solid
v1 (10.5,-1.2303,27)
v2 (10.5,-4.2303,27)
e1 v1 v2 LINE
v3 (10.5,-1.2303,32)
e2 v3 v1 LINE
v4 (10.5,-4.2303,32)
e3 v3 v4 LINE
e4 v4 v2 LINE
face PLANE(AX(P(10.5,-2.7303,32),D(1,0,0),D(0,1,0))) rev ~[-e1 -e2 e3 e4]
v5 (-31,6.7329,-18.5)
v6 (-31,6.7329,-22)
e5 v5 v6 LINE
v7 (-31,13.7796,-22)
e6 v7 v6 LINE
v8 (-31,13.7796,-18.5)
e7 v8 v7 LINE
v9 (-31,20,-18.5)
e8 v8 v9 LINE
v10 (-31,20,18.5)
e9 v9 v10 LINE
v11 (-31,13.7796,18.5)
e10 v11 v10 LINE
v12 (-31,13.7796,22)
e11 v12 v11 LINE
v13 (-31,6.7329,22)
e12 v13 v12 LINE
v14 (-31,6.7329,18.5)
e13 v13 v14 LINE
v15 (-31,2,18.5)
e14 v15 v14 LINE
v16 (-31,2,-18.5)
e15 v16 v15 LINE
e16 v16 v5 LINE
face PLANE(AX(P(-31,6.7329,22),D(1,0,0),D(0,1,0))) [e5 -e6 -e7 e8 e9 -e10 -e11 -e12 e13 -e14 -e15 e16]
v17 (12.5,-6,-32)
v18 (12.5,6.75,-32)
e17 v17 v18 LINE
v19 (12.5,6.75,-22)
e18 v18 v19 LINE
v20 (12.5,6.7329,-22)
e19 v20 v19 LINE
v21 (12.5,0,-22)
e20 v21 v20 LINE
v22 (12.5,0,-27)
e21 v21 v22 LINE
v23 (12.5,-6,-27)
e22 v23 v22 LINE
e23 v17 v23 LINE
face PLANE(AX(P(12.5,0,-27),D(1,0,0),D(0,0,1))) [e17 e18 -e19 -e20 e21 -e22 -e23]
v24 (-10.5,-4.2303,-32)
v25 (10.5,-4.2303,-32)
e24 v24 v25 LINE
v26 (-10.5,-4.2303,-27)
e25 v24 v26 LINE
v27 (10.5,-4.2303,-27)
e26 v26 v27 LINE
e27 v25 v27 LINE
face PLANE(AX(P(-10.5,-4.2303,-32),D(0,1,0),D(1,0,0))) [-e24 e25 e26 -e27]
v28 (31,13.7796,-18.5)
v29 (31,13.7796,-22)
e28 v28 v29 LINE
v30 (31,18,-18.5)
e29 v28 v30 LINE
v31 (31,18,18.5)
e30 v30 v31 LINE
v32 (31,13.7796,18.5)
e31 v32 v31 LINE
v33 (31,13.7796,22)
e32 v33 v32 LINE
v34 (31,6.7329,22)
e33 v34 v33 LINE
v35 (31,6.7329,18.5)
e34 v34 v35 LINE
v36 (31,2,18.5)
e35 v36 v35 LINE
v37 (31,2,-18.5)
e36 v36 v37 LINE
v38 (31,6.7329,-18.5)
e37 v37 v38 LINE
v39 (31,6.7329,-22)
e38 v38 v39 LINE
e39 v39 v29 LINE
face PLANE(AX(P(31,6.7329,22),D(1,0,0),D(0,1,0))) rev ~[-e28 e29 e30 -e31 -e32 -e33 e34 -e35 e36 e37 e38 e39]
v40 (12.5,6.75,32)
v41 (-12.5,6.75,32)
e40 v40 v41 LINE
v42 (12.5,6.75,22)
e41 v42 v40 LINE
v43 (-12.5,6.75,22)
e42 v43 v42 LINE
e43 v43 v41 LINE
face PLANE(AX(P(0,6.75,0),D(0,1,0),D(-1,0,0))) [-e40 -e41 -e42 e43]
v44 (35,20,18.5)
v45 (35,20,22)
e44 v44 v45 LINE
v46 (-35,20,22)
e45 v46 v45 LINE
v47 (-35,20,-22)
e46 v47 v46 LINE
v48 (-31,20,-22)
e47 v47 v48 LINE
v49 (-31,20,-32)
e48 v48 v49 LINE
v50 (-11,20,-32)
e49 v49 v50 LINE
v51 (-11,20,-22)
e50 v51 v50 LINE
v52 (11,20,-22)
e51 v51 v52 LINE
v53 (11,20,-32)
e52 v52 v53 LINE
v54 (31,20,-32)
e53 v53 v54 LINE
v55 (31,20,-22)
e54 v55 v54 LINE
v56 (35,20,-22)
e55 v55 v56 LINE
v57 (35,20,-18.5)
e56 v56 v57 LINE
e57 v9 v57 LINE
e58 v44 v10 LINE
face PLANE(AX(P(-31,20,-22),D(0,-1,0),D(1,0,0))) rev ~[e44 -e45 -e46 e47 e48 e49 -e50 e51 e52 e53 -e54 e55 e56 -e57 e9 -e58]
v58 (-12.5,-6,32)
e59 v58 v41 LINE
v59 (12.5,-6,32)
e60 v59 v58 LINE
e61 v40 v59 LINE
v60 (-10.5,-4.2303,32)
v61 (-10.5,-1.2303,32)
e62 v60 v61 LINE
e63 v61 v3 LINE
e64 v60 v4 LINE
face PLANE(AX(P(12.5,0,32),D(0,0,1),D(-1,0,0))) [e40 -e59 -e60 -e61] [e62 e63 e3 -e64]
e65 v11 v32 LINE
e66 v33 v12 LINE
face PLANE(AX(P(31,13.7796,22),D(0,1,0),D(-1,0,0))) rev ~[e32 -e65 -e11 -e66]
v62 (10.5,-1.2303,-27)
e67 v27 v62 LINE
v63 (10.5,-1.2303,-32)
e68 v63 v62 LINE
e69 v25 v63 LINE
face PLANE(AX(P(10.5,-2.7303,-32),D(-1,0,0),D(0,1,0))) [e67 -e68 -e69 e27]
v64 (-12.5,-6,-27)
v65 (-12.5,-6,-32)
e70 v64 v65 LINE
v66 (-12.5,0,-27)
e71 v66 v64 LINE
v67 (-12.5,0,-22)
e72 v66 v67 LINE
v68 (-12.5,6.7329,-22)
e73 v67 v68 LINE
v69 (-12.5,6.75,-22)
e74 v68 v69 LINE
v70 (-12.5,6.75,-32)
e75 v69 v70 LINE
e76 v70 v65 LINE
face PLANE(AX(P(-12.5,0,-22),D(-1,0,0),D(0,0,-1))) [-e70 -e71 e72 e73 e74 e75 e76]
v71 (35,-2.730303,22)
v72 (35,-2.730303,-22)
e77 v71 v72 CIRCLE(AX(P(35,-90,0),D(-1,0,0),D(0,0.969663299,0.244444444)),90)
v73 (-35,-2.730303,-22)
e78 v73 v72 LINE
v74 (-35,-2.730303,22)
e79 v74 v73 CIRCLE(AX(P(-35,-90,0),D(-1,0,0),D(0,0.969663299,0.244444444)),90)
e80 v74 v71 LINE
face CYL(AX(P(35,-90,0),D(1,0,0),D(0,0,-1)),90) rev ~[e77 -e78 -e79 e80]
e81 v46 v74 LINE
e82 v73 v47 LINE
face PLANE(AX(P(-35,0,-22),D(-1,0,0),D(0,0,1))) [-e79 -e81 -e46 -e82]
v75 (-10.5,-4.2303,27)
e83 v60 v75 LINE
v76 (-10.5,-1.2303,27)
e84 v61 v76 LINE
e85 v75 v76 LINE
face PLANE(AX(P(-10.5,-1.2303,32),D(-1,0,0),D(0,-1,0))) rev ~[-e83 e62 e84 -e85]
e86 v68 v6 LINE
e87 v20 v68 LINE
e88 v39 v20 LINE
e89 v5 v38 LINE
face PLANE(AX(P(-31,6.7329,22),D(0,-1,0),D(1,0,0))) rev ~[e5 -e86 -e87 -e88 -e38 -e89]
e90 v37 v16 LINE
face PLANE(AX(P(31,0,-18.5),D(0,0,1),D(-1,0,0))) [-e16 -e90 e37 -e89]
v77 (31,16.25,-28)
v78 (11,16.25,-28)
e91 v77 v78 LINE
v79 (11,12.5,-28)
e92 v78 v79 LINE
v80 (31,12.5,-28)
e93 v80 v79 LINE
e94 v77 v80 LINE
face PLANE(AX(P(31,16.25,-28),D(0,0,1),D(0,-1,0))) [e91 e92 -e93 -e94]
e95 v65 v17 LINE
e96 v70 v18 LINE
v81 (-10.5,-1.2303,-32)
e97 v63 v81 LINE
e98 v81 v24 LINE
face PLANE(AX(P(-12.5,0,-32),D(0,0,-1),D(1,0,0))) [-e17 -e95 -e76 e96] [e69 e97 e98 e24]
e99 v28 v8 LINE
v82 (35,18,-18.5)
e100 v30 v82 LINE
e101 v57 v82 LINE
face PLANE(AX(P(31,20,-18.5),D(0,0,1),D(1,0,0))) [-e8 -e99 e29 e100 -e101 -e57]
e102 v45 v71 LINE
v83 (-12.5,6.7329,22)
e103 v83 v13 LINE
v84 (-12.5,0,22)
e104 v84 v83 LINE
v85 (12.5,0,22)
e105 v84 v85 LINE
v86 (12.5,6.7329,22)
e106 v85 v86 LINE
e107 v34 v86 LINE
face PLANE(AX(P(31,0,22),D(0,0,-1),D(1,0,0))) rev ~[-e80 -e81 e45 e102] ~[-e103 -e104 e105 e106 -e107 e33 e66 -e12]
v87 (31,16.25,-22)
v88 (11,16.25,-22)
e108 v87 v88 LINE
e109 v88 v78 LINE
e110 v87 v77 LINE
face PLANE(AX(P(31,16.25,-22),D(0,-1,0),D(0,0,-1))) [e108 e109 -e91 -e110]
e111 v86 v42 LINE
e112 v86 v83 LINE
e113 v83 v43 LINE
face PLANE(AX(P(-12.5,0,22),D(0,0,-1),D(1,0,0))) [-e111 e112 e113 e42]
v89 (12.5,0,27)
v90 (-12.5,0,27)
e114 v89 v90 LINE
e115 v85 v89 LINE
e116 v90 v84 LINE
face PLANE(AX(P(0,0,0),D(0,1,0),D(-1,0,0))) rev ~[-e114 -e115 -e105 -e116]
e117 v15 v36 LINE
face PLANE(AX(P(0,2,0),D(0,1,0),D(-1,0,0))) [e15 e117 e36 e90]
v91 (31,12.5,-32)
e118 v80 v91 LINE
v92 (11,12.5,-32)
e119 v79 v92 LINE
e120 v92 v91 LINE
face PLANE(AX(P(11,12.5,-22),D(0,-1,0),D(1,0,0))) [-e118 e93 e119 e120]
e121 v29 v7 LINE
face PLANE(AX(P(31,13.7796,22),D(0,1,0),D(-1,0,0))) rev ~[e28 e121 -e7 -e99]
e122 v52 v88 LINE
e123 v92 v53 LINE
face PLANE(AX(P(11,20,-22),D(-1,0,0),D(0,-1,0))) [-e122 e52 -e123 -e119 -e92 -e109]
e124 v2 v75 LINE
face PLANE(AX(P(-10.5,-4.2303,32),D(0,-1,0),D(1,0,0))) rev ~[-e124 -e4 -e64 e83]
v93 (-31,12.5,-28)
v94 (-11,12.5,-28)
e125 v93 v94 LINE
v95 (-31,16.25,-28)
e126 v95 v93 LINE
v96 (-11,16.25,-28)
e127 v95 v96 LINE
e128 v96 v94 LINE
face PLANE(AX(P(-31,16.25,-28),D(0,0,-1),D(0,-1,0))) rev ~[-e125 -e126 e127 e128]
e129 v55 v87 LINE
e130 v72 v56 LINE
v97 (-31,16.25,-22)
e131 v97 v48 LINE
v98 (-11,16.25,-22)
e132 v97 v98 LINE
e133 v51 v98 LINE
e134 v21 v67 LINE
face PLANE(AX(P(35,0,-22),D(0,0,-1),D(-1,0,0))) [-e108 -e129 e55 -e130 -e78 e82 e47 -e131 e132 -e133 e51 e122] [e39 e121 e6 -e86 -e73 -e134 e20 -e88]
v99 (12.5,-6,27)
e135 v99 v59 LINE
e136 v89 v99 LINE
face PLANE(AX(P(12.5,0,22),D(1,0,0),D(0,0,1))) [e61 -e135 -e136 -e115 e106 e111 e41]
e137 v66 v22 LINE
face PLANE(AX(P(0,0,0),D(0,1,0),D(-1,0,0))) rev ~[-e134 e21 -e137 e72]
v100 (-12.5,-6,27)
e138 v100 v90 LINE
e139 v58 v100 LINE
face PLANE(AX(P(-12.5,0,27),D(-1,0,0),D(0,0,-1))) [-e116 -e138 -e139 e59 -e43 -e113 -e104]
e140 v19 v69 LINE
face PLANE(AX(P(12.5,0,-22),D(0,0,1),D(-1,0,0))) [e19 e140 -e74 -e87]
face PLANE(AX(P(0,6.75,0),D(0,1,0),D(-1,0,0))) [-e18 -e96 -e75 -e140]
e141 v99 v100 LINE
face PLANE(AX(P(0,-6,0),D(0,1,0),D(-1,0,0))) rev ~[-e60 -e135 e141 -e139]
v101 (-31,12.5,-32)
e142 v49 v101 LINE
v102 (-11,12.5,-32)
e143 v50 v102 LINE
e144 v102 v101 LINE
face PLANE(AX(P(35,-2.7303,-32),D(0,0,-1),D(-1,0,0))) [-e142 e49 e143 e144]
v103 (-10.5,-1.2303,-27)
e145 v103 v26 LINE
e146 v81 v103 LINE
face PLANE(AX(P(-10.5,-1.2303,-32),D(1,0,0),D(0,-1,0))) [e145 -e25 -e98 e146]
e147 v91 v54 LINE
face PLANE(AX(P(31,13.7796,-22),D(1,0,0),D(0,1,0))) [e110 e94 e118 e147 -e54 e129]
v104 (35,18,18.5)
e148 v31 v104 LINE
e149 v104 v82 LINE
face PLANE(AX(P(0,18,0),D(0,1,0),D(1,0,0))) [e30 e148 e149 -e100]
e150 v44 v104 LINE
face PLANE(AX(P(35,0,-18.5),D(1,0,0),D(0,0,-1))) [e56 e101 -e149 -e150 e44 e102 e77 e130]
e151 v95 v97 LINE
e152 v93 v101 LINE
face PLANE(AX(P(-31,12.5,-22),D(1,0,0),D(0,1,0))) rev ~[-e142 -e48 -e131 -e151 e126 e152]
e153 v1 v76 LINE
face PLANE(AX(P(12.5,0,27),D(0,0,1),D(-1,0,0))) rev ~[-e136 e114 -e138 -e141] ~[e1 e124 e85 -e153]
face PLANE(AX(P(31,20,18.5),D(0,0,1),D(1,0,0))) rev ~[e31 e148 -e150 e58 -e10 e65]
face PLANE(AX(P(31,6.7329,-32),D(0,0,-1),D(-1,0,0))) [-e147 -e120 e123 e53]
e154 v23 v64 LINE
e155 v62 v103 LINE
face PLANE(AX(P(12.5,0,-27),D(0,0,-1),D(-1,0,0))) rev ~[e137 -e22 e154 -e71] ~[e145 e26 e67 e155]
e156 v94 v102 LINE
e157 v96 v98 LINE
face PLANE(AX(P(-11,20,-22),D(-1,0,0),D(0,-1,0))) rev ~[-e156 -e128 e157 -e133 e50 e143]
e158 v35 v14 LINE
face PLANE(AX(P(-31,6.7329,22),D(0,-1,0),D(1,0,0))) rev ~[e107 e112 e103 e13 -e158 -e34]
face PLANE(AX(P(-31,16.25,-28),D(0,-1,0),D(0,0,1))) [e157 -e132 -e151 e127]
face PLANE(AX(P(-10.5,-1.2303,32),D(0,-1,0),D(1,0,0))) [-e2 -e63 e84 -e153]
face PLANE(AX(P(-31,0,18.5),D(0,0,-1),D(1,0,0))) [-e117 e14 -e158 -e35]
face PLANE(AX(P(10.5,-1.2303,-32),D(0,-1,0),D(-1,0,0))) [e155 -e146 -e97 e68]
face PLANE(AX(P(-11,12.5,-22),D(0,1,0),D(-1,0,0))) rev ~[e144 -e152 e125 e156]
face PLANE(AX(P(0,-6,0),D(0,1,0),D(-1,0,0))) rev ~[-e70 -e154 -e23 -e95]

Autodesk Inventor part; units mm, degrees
ref_plane "YZ Plane" through (0, 0, 0) normal (1, 0, 0) x (0, 1, 0)
ref_plane "XZ Plane" through (0, 0, 0) normal (0, 1, 0) x (-1, 0, 0)
ref_plane "XY Plane" through (0, 0, 0) normal (0, 0, 1) x (1, 0, 0)
sketch "Sketch1" plane through (0, 0, 0) normal (0, 1, 0) x (-1, 0, 0)
  line L0 (-31, -18.5) -> (31, -18.5)
  line L1 (31, -18.5) -> (31, 18.5)
  line L2 (31, 18.5) -> (-31, 18.5)
  line L3 (-31, 18.5) -> (-31, -18.5)
  line L4 (-31, -18.5) -> (31, 18.5) construction
  line L5 (31, -18.5) -> (-31, 18.5) construction
  line L6 (-35, -22) -> (35, -22)
  line L7 (35, -22) -> (35, 22)
  line L8 (35, 22) -> (-35, 22)
  line L9 (-35, 22) -> (-35, -22)
  line L10 (-35, -22) -> (35, 22) construction
  line L11 (35, -22) -> (-35, 22) construction
  line L12 (12.5, -32) -> (-12.5, -32)
  line L13 (0, -22) -> (12.5, -32) construction
  line L14 (0, -22) -> (-12.5, -32) construction
  line L15 (-12.5, 32) -> (12.5, 32)
  line L16 (12.5, 32) -> (12.5, 22)
  line L17 (-12.5, 22) -> (-12.5, 32)
  line L18 (-12.5, 32) -> (0, 22) construction
  line L19 (12.5, 32) -> (0, 22) construction
  line L20 (12.5, -22) -> (12.5, -32)
  line L21 (-12.5, -32) -> (-12.5, -22)
  line L22 (-12.5, -27) -> (12.5, -27)
  line L23 (-12.5, 27) -> (12.5, 27)
  line L24 (-35, -22) -> (-35, -18.5)
  line L25 (-35, 22) -> (-31, 22)
  line L26 (-35, 22) -> (-35, 18.5)
  point P0 (0, 0)
  dimension "d2" = 70
  dimension "d3" = 44
  dimension "d16" = 25
  dimension "d97" = 37
extrude "Extrusion2" add sketch "Sketch1" along normal blind 20 contours L9 L8 L7 L6
extrude "Extrusion3" add sketch "Sketch1" along normal blind 2 contours L3 L2 L1 L0
sketch "Sketch2" plane through (-35, 0, 22) normal (0, 0, 1) x (1, 0, 0)
  line L0 (66, 2) -> (66, 20) projected
  line L1 (4, 2) -> (4, 20) projected
  line L2 (66, 13.7796) -> (4, 13.7796)
  line L3 (4, 13.7796) -> (4, 6.7329)
  line L4 (4, 6.7329) -> (66, 6.7329)
  line L5 (66, 6.7329) -> (66, 13.7796)
  point P0 (35, 0)
extrude "Extrusion4" cut sketch "Sketch2" against normal blind 45
extrude "Extrusion5" add sketch "Sketch1" along normal blind 2 contours L6 L20 L22 L21 | L22 L20 L12 L21
extrude "Extrusion6" add sketch "Sketch1" along normal blind 2 contours L8 L17 L23 L16 | L23 L17 L15 L16
sketch "Sketch3" plane through (-12.5, 2, 32) normal (0, 0, 1) x (1, 0, 0)
  line L0 (2.5, -3.3793) -> (22.5, -3.3793)
  line L1 (22.5, -3.3793) -> (22.5, -4.9914)
  line L2 (22.5, -4.9914) -> (2.5, -4.9914)
  line L3 (2.5, -4.9914) -> (2.5, -3.3793)
  line L4 (25, -2) -> (25, 0) projected
  point P0 (12.5, -2)
  point P1 (25, -6)
  dimension "d28" = 20
  dimension "d29" = 2.5
extrude "Extrusion9" cut sketch "Sketch3" against normal blind 5
sketch "Sketch4" plane through (12.5, 2, -32) normal (0, 0, -1) x (-1, 0, 0)
  line L0 (2.5, -3.3796) -> (22.5, -3.3796)
  line L1 (22.5, -3.3796) -> (22.5, -4.9916)
  line L2 (22.5, -4.9916) -> (2.5, -4.9916)
  line L3 (2.5, -4.9916) -> (2.5, -3.3796)
  line L4 (25, -2) -> (25, 0) projected
  point P0 (12.5, -2)
  point P1 (25, -6)
  dimension "d32" = 20
  dimension "d34" = 2.5
extrude "Extrusion10" cut sketch "Sketch4" against normal blind 5
extrude "Extrusion11" add sketch "Sketch1" against normal blind 10 contours L9 L8 L7 L6
extrude "Extrusion12" add sketch "Sketch1" against normal blind 10 contours L3 L2 L1 L0
sketch "Sketch5" plane through (35, 20, 22) normal (1, 0, 0) x (0, 0, -1)
  line L0 (22, -20) -> (22, -110)
  circle A0 centre (22, -110) radius 90
  dimension "d42" = 90
  dimension "d43" = 180
extrude "Extrusion13" cut sketch "Sketch5" against normal blind 70
sketch "Sketch6" plane through (35, 20, -22) normal (0, 0, -1) x (-1, 0, 0)
  point P0 (35, -20)
sketch "Sketch7" plane through (0, 20, 0) normal (0, 1, 0) x (1, 0, 0)
  line L0 (-31, 18.5) -> (31, 18.5) projected
  line L1 (31, 18.5) -> (35, 18.5)
  line L2 (35, -22) -> (35, 22) projected
  line L3 (31, 18.5) -> (31, -18.5) projected
  line L4 (31, -18.5) -> (36, -18.5)
  point P0 (0, 0)
sketch "Sketch8" plane through (31, 20, -18.5) normal (-1, 0, 0) x (0, 0, 1)
  line L0 (0, 0) -> (0, -2)
  line L1 (0, -2) -> (37, -2)
  line L2 (37, -6.2204) -> (37, 0) projected
  line L3 (37, -2) -> (37, 0)
  line L4 (37, -5.0018) -> (37, -7.0018)
  line L5 (40.5, 0) -> (-3.5, 0) projected
  line L6 (37, -7.0018) -> (2, -7.0018)
  line L7 (2, -7.0018) -> (2, -5.0018)
  point P0 (18.5, -20)
  dimension "d46" = 2
  dimension "d47" = 2
sketch "Sketch14" plane through (0, 20, 0) normal (0, 1, 0) x (1, 0, 0)
  line L0 (31, 18.5) -> (31, 22) projected
  line L1 (31, 18.5) -> (35, 18.5)
  line L2 (35, -22) -> (35, 22) projected
  line L3 (31, 18.5) -> (31, -18.5) projected
  line L4 (31, -18.5) -> (35, -18.5)
  line L5 (35, -18.5) -> (35, 18.5)
  line L6 (31, 18.5) -> (31, -18.5)
  line L7 (-31, 18.5) -> (31, 18.5) projected
  line L8 (31, -18.5) -> (-31, -18.5) projected
  line L9 (31, -18.5) -> (31, -14.9394)
extrude "Extrusion18" cut sketch "Sketch14" against normal blind 2
sketch "Sketch21" plane through (35, -2.7303, -22) normal (0, 0, -1) x (-1, 0, 0)
  line L0 (66, 15.2303) -> (66, 19.6201)
  line L1 (66, 16.5099) -> (66, 22.7303) projected
  line L2 (66, 22.7303) -> (46, 22.7303)
  line L3 (46, 22.7303) -> (46, 15.2303)
  line L4 (46, 15.2303) -> (66, 15.2303)
  line L5 (66, 22.7303) -> (66, 15.2303)
  point P0 (35, 2.7303)
  dimension "d84" = 7.5
  dimension "d91" = 20
sketch "Sketch25" plane through (31, 6.7329, -22) normal (0, 0, -1) x (-1, 0, 0)
  line L0 (0, 7.0467) -> (62, 7.0467) projected
  line L1 (0, 7.0467) -> (0, 13.2671)
  line L2 (66, 13.2671) -> (-4, 13.2671) projected
  line L3 (0, 13.2671) -> (20, 13.2671)
  line L4 (20, 13.2671) -> (20, 5.7671)
  line L5 (20, 5.7671) -> (0, 5.7671)
  line L6 (0, 5.7671) -> (0, 13.2671)
  point P0 (31, -6.7329)
  dimension "d98" = 20
  dimension "d99" = 7.5
extrude "Extrusion29" add sketch "Sketch1" against normal blind 6 contours L22 L20 L12 L21
extrude "Extrusion30" add sketch "Sketch1" against normal blind 6 contours L23 L17 L15 L16
sketch "Sketch28" plane through (12.5, 2, -32) normal (0, 0, -1) x (-1, 0, 0)
  line L0 (2, -3.2303) -> (23, -3.2303)
  line L1 (23, -3.2303) -> (23, -6.2303)
  line L2 (23, -6.2303) -> (2, -6.2303)
  line L3 (2, -6.2303) -> (2, -3.2303)
  line L4 (-22.5, -4.7303) -> (47.5, -4.7303) projected
  line L5 (2, -3.2303) -> (23, -6.2303) construction
  line L6 (23, -3.2303) -> (2, -6.2303) construction
  point P0 (12.5, -2)
  point P1 (12.5, -4.7303)
  dimension "d111" = 21
  dimension "d112" = 3
extrude "Extrusion31" cut sketch "Sketch28" against normal blind 6
sketch "Sketch29" plane through (-12.5, 2, 32) normal (0, 0, 1) x (1, 0, 0)
  line L0 (2, -3.2303) -> (23, -3.2303) projected
  line L1 (2, -6.2303) -> (23, -6.2303)
  line L2 (23, -6.2303) -> (23, -3.2303)
  line L3 (23, -3.2303) -> (2, -3.2303)
  line L4 (2, -3.2303) -> (2, -6.2303)
  line L5 (47.5, -4.7303) -> (-22.5, -4.7303) projected
  line L6 (2, -6.2303) -> (23, -3.2303) construction
  line L7 (23, -6.2303) -> (2, -3.2303) construction
  point P0 (12.5, -2)
  point P1 (12.5, -4.7303)
  dimension "d115" = 21
extrude "Extrusion32" cut sketch "Sketch29" against normal blind 6
sketch "Sketch30" plane through (-12.5, 0, -22) normal (-1, 0, 0) x (0, 0, 1)
  point P0 (22, 0)
extrude "Extrusion33" cut sketch "Sketch1" along normal blind 6.75 contours L8 L17 L23 L16 | L23 L17 L15 L16
extrude "Extrusion34" add sketch "Sketch1" along normal blind 6.75 contours L23 L17 L15 L16
extrude "Extrusion35" add sketch "Sketch1" along normal blind 6.75 contours L8 L17 L23 L16
extrude "Extrusion36" cut sketch "Sketch1" along normal blind 6.75 contours L6 L20 L22 L21
extrude "Extrusion37" add sketch "Sketch1" along normal blind 6.75 contours L6 L20 L22 L21 | L22 L20 L12 L21
extrude "Extrusion38" add sketch "Sketch25" along normal blind 10
extrude "Extrusion39" add sketch "Sketch21" along normal blind 10
sketch "Sketch32" plane through (-31, 13.7796, -22) normal (-1, 0, 0) x (0, 0, 1)
  line L0 (-10, 6.2204) -> (-10, -1.2796) projected
  line L1 (-6, 2.4704) -> (0, 2.4704)
  line L2 (0, -16.5099) -> (0, 6.2204) projected
  line L3 (-6, 2.4704) -> (-6, -1.2796)
  line L4 (0, -1.2796) -> (-10, -1.2796) projected
  line L5 (-6, -1.2796) -> (0, -1.2796)
  line L6 (0, 2.4704) -> (0, -1.2796)
  point P0 (22, -13.7796)
extrude "Extrusion40" cut sketch "Sketch32" against normal blind 20
sketch "Sketch33" plane through (31, 13.7796, -22) normal (1, 0, 0) x (0, 0, -1)
  line L0 (10, -1.2796) -> (10, 6.2204) projected
  line L1 (0, 2.4704) -> (6, 2.4704) projected
  line L2 (6, 2.4704) -> (6, -1.2796) projected
  line L3 (6, 2.4704) -> (6, -1.2796)
  line L4 (6, -1.2796) -> (6, 2.4704)
  line L5 (6, -1.2796) -> (0, -1.2796)
  line L6 (0, -1.2796) -> (0, 2.4704)
  line L7 (6, 2.4704) -> (0, 2.4704)
  point P0 (-22, -13.7796)
extrude "Extrusion41" cut sketch "Sketch33" against normal blind 20
sketch "Sketch34" plane through (0, 20, 0) normal (0, 1, 0) x (1, 0, 0)
  point P0 (0, 0)
properties part number "kotelon alaosa"
